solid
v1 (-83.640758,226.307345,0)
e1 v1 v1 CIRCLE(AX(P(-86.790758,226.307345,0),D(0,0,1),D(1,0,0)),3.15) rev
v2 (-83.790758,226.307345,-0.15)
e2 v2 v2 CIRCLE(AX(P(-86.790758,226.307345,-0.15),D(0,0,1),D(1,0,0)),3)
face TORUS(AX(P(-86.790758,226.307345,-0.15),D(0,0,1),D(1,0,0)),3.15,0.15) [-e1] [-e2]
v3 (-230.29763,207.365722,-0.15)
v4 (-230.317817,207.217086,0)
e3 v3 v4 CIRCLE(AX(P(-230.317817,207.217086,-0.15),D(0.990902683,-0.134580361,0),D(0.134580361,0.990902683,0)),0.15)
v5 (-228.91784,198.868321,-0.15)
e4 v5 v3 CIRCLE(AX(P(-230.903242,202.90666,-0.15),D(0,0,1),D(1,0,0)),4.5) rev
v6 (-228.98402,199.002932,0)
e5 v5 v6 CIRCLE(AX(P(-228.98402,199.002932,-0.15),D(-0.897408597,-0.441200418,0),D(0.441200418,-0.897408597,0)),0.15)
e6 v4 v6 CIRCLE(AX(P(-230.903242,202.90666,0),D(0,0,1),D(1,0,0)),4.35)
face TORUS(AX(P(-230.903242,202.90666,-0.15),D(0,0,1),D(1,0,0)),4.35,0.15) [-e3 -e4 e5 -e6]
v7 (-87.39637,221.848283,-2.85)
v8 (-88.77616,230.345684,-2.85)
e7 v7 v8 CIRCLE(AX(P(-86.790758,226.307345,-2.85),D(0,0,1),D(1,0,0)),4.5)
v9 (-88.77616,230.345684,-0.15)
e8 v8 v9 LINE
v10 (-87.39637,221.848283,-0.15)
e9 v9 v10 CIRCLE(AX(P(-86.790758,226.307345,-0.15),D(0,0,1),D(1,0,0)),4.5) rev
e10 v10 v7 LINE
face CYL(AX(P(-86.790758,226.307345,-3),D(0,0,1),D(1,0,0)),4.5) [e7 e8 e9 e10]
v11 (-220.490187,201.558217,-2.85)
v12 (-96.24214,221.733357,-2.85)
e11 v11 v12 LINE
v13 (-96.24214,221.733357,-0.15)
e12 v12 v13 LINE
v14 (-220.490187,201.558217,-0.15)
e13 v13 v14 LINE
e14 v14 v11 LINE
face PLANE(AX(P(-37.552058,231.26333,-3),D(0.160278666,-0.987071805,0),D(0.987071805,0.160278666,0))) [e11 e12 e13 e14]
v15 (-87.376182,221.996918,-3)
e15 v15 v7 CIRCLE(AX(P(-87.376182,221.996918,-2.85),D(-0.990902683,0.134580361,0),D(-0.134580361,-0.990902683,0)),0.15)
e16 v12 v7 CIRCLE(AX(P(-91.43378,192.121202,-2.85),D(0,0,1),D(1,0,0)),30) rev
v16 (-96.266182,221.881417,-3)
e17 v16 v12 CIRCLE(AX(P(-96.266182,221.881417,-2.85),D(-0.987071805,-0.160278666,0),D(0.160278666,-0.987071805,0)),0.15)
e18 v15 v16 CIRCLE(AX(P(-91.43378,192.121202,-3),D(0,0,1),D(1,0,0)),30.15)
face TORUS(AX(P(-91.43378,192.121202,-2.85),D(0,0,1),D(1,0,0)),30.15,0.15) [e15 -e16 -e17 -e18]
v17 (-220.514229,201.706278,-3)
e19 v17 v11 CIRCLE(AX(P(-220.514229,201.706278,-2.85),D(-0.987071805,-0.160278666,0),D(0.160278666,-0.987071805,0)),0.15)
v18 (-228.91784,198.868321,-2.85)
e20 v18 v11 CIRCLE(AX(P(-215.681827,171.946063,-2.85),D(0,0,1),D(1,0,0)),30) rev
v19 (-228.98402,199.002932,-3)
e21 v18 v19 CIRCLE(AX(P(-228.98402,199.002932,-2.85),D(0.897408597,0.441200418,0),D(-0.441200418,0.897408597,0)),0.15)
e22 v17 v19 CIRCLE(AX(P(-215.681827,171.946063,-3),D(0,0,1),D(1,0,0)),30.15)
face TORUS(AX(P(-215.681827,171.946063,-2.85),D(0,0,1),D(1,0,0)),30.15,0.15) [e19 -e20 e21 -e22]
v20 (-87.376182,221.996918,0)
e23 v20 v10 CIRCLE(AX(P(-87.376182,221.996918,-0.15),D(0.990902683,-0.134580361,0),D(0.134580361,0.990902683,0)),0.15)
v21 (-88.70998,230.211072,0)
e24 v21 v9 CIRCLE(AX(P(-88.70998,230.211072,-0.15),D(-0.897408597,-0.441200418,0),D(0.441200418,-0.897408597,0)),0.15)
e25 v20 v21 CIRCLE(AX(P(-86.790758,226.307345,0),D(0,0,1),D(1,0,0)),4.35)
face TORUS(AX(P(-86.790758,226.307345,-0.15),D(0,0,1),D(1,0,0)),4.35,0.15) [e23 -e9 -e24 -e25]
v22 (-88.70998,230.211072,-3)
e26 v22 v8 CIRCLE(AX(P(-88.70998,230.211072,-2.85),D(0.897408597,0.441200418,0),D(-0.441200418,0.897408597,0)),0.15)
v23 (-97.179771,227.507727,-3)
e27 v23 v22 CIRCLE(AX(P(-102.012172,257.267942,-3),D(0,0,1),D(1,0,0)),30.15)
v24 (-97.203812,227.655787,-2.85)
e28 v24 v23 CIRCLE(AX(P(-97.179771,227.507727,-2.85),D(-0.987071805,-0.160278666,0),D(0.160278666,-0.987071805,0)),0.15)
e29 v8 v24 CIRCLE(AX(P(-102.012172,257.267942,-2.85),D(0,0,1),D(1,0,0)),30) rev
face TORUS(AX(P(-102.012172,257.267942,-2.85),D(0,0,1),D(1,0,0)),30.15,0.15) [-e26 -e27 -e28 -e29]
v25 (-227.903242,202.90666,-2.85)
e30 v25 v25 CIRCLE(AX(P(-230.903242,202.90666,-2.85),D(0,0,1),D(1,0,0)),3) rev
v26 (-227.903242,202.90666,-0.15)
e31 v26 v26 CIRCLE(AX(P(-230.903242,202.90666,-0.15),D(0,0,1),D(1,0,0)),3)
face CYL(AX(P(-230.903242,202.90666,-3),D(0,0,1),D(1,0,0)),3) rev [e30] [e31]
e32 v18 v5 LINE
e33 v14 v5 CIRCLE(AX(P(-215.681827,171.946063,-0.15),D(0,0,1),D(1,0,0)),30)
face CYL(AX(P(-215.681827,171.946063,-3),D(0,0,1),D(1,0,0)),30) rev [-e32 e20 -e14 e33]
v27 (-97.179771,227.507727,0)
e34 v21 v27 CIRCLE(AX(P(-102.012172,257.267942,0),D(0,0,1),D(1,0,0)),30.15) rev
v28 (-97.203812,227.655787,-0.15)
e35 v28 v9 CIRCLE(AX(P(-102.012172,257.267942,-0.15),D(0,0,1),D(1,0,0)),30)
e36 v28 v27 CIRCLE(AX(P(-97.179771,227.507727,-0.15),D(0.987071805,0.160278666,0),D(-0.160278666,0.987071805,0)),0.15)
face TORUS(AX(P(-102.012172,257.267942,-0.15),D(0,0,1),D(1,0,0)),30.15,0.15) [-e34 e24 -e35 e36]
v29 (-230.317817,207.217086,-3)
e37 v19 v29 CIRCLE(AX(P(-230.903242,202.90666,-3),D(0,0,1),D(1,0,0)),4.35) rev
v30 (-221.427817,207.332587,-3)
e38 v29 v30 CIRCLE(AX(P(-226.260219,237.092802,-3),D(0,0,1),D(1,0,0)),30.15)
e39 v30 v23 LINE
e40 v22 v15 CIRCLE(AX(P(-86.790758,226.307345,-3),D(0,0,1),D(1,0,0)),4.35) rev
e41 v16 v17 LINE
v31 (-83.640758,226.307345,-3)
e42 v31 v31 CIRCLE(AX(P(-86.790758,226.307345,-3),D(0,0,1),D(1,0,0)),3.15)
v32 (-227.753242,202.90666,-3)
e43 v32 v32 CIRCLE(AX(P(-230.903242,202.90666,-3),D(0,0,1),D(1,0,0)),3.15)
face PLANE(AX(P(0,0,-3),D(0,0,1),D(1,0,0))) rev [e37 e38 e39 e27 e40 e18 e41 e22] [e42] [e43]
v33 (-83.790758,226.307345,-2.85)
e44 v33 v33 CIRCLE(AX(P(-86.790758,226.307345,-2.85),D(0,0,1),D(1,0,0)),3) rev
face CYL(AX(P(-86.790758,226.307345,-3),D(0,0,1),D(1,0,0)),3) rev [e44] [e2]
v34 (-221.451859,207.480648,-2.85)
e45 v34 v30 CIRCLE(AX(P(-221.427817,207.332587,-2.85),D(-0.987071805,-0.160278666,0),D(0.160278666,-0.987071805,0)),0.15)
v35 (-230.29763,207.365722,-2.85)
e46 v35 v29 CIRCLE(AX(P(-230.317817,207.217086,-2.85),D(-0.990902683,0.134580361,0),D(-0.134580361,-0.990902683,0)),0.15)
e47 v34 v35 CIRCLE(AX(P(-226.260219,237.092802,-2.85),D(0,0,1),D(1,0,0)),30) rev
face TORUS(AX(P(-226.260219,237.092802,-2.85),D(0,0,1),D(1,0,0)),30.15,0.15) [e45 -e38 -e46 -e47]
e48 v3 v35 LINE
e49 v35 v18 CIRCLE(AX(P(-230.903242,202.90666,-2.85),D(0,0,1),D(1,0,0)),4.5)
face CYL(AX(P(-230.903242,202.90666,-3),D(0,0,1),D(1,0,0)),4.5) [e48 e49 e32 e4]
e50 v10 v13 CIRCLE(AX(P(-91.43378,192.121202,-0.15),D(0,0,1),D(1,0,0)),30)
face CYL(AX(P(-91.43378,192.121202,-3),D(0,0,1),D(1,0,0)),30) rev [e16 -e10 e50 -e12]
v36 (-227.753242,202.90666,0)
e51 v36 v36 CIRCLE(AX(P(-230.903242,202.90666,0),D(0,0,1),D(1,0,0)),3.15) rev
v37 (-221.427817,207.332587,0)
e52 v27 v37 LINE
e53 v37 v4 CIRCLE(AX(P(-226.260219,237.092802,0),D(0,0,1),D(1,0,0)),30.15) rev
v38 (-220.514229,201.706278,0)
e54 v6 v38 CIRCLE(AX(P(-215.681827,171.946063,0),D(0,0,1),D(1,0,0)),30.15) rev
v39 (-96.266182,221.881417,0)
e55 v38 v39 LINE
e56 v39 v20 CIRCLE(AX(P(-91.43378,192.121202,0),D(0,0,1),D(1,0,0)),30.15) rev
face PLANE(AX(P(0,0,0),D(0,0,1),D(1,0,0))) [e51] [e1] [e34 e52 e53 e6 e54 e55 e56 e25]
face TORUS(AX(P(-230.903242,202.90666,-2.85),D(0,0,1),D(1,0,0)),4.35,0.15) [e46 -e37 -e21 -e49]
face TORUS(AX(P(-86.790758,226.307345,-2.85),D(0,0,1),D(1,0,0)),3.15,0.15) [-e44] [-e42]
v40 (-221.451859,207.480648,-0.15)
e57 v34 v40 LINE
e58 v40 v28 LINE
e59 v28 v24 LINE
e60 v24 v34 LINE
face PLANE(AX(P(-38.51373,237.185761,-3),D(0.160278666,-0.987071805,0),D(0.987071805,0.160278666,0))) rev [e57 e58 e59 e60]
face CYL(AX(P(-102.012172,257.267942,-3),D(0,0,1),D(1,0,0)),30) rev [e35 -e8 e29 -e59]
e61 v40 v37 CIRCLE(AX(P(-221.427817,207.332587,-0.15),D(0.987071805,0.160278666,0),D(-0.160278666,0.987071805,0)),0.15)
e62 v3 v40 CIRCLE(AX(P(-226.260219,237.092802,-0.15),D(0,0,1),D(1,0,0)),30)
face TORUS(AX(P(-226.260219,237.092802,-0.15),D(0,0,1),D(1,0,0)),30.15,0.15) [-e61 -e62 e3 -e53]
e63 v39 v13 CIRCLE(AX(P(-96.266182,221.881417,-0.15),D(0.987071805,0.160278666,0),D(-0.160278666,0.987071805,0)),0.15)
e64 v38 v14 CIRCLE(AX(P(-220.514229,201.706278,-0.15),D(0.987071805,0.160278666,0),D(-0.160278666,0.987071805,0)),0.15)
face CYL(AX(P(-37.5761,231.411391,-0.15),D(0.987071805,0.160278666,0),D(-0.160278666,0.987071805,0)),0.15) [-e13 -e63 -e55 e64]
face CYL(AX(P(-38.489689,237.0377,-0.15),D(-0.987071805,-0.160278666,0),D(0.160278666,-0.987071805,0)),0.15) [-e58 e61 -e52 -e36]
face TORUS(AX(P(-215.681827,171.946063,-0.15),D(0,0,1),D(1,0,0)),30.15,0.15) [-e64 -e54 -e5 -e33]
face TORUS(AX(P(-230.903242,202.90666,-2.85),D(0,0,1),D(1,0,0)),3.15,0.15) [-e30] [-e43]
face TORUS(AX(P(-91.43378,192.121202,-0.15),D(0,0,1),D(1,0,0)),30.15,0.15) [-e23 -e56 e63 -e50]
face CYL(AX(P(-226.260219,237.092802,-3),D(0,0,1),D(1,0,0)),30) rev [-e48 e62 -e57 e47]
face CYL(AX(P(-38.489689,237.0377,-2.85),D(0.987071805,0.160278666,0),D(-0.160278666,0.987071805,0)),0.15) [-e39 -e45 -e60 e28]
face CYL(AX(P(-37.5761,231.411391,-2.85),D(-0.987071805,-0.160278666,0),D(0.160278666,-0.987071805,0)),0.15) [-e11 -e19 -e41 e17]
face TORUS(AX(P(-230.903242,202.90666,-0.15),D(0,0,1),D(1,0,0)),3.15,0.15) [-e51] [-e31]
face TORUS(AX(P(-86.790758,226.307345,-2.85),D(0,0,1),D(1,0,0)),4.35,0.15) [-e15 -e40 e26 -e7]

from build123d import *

# Parameters (mm, degrees)
BOSS_EXTRUDE1_DEPTH = 3
FILLET1_R           = 30
FILLET2_R           = 0.15


with BuildPart() as part:
    # Sketch1 → Boss-Extrude1 (new body)
    with BuildSketch(Plane.XY):
        with BuildLine():
            ThreePointArc((-230.422405518, 199.945444308), (-233.864456933, 202.425823726), (-231.384077516, 205.867875141))
            Line((-231.384077516, 205.867875141), (-228.073338032, 206.405466131))
            ThreePointArc((-228.073338032, 206.405466131), (-235.345064641, 202.185405726), (-227.111666035, 200.483035298))
            Line((-227.111666035, 200.483035298), (-230.422405518, 199.945444308))
        make_face()
        with BuildLine():
            Line((-228.073338032, 206.405466131), (-231.384077516, 205.867875141))
            ThreePointArc((-231.384077516, 205.867875141), (-227.942026101, 203.387495723), (-230.422405518, 199.945444308))
            Line((-230.422405518, 199.945444308), (-227.111666035, 200.483035298))
            ThreePointArc((-227.111666035, 200.483035298), (-226.583977131, 201.644140352), (-226.403241517, 202.906659725))
            ThreePointArc((-226.403241517, 202.906659725), (-226.842172342, 204.845142936), (-228.073338032, 206.405466131))
        make_face()
        with BuildLine():
            Line((-90.582333401, 228.730969425), (-228.073338032, 206.405466131))
            ThreePointArc((-228.073338032, 206.405466131), (-226.842172342, 204.845142936), (-226.403241517, 202.906659725))
            ThreePointArc((-226.403241517, 202.906659725), (-226.583977131, 201.644140352), (-227.111666035, 200.483035298))
            Line((-227.111666035, 200.483035298), (-89.620661404, 222.808538592))
            ThreePointArc((-89.620661404, 222.808538592), (-91.232581044, 225.586091), (-90.582333401, 228.730969425))
        make_face()
        with BuildLine():
            Line((-87.271593918, 229.268560415), (-90.582333401, 228.730969425))
            ThreePointArc((-90.582333401, 228.730969425), (-91.232581044, 225.586091), (-89.620661404, 222.808538592))
            Line((-89.620661404, 222.808538592), (-86.30992192, 223.346129582))
            ThreePointArc((-86.30992192, 223.346129582), (-89.751973336, 225.826508999), (-87.271593918, 229.268560415))
        make_face()
        with BuildLine():
            ThreePointArc((-82.290757919, 226.307344998), (-85.528238547, 230.626609384), (-90.582333401, 228.730969425))
            Line((-90.582333401, 228.730969425), (-87.271593918, 229.268560415))
            ThreePointArc((-87.271593918, 229.268560415), (-83.829542503, 226.788180997), (-86.30992192, 223.346129582))
            Line((-86.30992192, 223.346129582), (-89.620661404, 222.808538592))
            ThreePointArc((-89.620661404, 222.808538592), (-84.852274708, 222.246275824), (-82.290757919, 226.307344998))
        make_face()
    extrude(amount=-BOSS_EXTRUDE1_DEPTH)

    # Fillet1
    fillet1_edges = [part.edges().sort_by_distance(p)[0] for p in [
        (-228.073338032, 206.405466131, -1.5),
        (-90.582333401, 228.730969425, -1.5),
        (-89.620661404, 222.808538592, -1.5),
        (-227.111666035, 200.483035298, -1.5),
    ]]
    fillet(fillet1_edges, radius=FILLET1_R)

    # Fillet2
    fillet2_edges = [part.edges().sort_by_distance(p)[0] for p in [
        (-87.271593918, 229.268560415, 0),
        (-82.348934795, 227.028598996, 0),
        (-82.348934795, 227.028598996, -3),
        (-159.327835717, 217.568217778, 0),
        (-159.327835717, 217.568217778, -3),
        (-158.366163719, 211.645786945, 0),
        (-158.366163719, 211.645786945, -3),
        (-235.345064641, 202.185405726, 0),
        (-235.345064641, 202.185405726, -3),
        (-92.890290393, 228.688381266, 0),
        (-92.890290393, 228.688381266, -3),
        (-91.823514475, 222.118670798, 0),
        (-230.422405518, 199.945444308, -3),
        (-91.823514475, 222.118670798, -3),
        (-224.803709043, 200.525623457, 0),
        (-224.803709043, 200.525623457, -3),
        (-225.870484961, 207.095333925, 0),
        (-225.870484961, 207.095333925, -3),
        (-87.271593918, 229.268560415, -3),
        (-230.422405518, 199.945444308, 0),
    ]]
    fillet(fillet2_edges, radius=FILLET2_R)


solid = part.part
